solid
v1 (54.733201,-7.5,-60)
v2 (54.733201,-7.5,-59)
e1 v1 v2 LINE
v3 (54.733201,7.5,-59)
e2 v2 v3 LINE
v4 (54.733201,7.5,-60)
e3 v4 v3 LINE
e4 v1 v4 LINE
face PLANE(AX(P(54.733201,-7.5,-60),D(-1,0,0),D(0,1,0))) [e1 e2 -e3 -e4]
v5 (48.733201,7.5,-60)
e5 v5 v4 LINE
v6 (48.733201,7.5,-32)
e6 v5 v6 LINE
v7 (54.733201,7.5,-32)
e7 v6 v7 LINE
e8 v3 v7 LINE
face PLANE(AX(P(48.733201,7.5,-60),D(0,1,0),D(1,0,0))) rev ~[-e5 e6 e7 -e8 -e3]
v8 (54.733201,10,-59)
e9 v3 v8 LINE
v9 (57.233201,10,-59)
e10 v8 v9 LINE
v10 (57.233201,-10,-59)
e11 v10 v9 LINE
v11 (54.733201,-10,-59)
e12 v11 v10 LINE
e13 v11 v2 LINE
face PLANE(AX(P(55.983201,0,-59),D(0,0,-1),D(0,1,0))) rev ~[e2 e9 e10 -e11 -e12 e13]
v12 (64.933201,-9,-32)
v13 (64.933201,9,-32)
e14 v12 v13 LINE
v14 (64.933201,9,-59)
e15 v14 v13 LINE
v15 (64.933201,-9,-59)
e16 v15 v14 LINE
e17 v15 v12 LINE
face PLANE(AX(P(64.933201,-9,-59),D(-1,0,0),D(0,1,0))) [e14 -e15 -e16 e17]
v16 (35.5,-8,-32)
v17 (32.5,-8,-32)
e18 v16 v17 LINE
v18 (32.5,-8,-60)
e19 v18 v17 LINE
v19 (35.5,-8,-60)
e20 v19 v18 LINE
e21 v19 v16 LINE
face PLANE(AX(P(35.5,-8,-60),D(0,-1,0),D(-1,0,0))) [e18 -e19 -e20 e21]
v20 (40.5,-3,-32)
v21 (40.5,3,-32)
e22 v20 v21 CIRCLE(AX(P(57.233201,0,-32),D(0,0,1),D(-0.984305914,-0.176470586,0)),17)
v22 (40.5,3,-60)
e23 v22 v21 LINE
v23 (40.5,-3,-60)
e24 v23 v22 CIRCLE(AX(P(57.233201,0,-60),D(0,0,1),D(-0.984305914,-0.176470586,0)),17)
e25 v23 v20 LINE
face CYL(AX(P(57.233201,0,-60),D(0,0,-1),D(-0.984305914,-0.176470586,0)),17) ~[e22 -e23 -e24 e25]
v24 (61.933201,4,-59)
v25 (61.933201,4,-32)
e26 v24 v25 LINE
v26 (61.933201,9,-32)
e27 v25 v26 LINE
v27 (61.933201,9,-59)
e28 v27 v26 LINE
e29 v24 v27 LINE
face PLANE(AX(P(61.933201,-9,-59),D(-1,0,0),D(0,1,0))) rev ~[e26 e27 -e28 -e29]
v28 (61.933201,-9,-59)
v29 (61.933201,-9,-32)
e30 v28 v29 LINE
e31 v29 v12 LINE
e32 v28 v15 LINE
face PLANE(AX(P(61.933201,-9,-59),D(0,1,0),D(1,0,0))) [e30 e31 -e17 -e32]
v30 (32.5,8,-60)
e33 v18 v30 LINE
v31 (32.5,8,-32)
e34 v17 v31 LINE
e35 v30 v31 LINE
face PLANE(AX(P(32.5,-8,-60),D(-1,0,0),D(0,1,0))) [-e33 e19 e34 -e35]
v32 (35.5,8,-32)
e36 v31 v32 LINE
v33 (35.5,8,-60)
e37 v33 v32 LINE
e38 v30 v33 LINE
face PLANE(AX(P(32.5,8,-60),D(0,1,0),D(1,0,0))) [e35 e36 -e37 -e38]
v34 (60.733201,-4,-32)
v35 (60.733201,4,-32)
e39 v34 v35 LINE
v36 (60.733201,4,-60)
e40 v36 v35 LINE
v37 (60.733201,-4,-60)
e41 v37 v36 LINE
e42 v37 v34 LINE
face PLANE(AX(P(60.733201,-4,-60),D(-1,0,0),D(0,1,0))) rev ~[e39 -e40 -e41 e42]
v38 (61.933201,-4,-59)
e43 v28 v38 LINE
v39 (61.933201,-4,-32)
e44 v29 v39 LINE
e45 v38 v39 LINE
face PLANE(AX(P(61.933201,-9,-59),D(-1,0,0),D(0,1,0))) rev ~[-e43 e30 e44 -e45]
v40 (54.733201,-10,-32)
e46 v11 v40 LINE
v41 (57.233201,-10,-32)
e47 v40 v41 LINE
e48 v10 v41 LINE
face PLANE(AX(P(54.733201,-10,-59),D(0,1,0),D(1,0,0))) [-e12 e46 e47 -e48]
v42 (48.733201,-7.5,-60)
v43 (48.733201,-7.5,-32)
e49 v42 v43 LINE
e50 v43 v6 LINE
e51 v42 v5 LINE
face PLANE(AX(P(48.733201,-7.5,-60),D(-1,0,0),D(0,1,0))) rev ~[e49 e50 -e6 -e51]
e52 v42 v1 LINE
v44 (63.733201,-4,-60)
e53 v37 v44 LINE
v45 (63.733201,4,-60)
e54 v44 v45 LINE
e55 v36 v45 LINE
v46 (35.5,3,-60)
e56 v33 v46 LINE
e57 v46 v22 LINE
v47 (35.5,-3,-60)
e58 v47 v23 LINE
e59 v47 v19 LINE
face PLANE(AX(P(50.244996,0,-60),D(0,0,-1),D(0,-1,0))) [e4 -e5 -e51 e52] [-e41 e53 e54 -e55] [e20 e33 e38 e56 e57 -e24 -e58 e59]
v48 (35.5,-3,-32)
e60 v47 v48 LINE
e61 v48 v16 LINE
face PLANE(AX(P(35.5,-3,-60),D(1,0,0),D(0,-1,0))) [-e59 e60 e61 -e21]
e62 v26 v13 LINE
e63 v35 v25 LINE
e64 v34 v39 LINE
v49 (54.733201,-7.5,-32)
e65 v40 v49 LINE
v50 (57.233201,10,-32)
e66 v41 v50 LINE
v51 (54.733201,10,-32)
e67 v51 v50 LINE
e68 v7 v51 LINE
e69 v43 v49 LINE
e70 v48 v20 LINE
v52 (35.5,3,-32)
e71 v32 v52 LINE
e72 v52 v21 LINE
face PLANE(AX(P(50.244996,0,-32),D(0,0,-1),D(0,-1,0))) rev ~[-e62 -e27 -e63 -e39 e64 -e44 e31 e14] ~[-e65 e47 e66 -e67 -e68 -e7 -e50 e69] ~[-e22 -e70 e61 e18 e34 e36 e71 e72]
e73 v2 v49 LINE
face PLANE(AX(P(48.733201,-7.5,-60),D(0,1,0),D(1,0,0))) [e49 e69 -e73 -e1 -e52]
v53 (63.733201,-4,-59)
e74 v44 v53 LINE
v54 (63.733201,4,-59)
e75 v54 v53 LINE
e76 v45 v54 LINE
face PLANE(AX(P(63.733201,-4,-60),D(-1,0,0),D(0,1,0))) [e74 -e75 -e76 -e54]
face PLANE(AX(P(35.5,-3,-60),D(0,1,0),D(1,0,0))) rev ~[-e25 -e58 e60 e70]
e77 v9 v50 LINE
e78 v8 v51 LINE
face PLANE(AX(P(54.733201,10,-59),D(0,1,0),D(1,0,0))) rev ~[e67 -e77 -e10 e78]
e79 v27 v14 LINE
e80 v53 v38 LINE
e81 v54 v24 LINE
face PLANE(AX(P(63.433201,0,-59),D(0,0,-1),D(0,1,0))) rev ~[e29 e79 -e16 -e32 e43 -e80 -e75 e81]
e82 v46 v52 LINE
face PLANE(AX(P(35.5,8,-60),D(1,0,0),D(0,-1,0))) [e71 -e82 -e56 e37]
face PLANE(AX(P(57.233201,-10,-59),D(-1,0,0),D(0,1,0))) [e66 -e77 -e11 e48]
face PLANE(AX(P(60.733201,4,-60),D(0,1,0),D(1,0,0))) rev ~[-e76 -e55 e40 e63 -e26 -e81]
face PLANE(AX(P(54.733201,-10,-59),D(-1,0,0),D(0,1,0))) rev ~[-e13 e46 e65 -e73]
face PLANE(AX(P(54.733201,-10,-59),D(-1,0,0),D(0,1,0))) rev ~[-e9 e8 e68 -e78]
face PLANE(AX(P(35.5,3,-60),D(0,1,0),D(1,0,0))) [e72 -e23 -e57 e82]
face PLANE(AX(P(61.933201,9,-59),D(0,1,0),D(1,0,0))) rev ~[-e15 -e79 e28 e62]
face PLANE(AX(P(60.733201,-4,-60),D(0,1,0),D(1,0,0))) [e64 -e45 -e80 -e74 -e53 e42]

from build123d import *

# Parameters (mm, degrees)
PAD006_DEPTH            = 28
SKETCH015_W             = 8
SKETCH015_H             = 3
SKETCH015_W_2           = 15
SKETCH015_H_2           = 6
POCKET006_DEPTH         = 28.001
SKETCH016_W             = 20
SKETCH016_H             = 2.5
SKETCH016_W_2           = 18
SKETCH016_H_2           = 3
POCKET007_DEPTH         = 27.001
BODY005_PLACEMENT_ANGLE = 90


with BuildPart() as part:
    # Sketch014 → Pad006 (new body)
    with BuildSketch(Plane.XY):
        with BuildLine():
            Line((-3, -3), (-8, -3))
            Line((-8, -3), (-8, 0))
            Line((-8, 0), (8, 0))
            Line((8, 0), (8, -3))
            Line((8, -3), (3, -3))
            Line((3, -3), (3, -8))
            ThreePointArc((-3, -8), (0, -41.733201), (3, -8))
            Line((-3, -3), (-3, -8))
        make_face()
    extrude(amount=PAD006_DEPTH)

    # Sketch015 (on Face9 of Pad006) → Pocket006 (cut, through all)
    with BuildSketch(Plane(origin=(0, 0, 0), x_dir=(1, 0, 0), z_dir=(0, 0, -1))):
        with Locations((0, 29.733201)):
            Rectangle(SKETCH015_W, SKETCH015_H)
        with Locations((0, 19.233201)):
            Rectangle(SKETCH015_W_2, SKETCH015_H_2)
    extrude(amount=-POCKET006_DEPTH, mode=Mode.SUBTRACT)

    # Sketch016 (on Face4 of Pocket006) → Pocket007 (cut, through all)
    with BuildSketch(Plane(origin=(0, 0, 1), x_dir=(1, 0, 0), z_dir=(0, 0, -1))):
        with Locations((0, 23.483201)):
            Rectangle(SKETCH016_W, SKETCH016_H)
        with Locations((0, 30.933201)):
            Rectangle(SKETCH016_W_2, SKETCH016_H_2)
    extrude(amount=-POCKET007_DEPTH, mode=Mode.SUBTRACT)


with BuildPart() as part_1:
    # Body005 placement: moved
    add(part.part.moved(Location((32.5, 0, -60))).rotate(Axis((32.5, 0, -60), (0, 0, 1)), BODY005_PLACEMENT_ANGLE))


solid = part_1.part
